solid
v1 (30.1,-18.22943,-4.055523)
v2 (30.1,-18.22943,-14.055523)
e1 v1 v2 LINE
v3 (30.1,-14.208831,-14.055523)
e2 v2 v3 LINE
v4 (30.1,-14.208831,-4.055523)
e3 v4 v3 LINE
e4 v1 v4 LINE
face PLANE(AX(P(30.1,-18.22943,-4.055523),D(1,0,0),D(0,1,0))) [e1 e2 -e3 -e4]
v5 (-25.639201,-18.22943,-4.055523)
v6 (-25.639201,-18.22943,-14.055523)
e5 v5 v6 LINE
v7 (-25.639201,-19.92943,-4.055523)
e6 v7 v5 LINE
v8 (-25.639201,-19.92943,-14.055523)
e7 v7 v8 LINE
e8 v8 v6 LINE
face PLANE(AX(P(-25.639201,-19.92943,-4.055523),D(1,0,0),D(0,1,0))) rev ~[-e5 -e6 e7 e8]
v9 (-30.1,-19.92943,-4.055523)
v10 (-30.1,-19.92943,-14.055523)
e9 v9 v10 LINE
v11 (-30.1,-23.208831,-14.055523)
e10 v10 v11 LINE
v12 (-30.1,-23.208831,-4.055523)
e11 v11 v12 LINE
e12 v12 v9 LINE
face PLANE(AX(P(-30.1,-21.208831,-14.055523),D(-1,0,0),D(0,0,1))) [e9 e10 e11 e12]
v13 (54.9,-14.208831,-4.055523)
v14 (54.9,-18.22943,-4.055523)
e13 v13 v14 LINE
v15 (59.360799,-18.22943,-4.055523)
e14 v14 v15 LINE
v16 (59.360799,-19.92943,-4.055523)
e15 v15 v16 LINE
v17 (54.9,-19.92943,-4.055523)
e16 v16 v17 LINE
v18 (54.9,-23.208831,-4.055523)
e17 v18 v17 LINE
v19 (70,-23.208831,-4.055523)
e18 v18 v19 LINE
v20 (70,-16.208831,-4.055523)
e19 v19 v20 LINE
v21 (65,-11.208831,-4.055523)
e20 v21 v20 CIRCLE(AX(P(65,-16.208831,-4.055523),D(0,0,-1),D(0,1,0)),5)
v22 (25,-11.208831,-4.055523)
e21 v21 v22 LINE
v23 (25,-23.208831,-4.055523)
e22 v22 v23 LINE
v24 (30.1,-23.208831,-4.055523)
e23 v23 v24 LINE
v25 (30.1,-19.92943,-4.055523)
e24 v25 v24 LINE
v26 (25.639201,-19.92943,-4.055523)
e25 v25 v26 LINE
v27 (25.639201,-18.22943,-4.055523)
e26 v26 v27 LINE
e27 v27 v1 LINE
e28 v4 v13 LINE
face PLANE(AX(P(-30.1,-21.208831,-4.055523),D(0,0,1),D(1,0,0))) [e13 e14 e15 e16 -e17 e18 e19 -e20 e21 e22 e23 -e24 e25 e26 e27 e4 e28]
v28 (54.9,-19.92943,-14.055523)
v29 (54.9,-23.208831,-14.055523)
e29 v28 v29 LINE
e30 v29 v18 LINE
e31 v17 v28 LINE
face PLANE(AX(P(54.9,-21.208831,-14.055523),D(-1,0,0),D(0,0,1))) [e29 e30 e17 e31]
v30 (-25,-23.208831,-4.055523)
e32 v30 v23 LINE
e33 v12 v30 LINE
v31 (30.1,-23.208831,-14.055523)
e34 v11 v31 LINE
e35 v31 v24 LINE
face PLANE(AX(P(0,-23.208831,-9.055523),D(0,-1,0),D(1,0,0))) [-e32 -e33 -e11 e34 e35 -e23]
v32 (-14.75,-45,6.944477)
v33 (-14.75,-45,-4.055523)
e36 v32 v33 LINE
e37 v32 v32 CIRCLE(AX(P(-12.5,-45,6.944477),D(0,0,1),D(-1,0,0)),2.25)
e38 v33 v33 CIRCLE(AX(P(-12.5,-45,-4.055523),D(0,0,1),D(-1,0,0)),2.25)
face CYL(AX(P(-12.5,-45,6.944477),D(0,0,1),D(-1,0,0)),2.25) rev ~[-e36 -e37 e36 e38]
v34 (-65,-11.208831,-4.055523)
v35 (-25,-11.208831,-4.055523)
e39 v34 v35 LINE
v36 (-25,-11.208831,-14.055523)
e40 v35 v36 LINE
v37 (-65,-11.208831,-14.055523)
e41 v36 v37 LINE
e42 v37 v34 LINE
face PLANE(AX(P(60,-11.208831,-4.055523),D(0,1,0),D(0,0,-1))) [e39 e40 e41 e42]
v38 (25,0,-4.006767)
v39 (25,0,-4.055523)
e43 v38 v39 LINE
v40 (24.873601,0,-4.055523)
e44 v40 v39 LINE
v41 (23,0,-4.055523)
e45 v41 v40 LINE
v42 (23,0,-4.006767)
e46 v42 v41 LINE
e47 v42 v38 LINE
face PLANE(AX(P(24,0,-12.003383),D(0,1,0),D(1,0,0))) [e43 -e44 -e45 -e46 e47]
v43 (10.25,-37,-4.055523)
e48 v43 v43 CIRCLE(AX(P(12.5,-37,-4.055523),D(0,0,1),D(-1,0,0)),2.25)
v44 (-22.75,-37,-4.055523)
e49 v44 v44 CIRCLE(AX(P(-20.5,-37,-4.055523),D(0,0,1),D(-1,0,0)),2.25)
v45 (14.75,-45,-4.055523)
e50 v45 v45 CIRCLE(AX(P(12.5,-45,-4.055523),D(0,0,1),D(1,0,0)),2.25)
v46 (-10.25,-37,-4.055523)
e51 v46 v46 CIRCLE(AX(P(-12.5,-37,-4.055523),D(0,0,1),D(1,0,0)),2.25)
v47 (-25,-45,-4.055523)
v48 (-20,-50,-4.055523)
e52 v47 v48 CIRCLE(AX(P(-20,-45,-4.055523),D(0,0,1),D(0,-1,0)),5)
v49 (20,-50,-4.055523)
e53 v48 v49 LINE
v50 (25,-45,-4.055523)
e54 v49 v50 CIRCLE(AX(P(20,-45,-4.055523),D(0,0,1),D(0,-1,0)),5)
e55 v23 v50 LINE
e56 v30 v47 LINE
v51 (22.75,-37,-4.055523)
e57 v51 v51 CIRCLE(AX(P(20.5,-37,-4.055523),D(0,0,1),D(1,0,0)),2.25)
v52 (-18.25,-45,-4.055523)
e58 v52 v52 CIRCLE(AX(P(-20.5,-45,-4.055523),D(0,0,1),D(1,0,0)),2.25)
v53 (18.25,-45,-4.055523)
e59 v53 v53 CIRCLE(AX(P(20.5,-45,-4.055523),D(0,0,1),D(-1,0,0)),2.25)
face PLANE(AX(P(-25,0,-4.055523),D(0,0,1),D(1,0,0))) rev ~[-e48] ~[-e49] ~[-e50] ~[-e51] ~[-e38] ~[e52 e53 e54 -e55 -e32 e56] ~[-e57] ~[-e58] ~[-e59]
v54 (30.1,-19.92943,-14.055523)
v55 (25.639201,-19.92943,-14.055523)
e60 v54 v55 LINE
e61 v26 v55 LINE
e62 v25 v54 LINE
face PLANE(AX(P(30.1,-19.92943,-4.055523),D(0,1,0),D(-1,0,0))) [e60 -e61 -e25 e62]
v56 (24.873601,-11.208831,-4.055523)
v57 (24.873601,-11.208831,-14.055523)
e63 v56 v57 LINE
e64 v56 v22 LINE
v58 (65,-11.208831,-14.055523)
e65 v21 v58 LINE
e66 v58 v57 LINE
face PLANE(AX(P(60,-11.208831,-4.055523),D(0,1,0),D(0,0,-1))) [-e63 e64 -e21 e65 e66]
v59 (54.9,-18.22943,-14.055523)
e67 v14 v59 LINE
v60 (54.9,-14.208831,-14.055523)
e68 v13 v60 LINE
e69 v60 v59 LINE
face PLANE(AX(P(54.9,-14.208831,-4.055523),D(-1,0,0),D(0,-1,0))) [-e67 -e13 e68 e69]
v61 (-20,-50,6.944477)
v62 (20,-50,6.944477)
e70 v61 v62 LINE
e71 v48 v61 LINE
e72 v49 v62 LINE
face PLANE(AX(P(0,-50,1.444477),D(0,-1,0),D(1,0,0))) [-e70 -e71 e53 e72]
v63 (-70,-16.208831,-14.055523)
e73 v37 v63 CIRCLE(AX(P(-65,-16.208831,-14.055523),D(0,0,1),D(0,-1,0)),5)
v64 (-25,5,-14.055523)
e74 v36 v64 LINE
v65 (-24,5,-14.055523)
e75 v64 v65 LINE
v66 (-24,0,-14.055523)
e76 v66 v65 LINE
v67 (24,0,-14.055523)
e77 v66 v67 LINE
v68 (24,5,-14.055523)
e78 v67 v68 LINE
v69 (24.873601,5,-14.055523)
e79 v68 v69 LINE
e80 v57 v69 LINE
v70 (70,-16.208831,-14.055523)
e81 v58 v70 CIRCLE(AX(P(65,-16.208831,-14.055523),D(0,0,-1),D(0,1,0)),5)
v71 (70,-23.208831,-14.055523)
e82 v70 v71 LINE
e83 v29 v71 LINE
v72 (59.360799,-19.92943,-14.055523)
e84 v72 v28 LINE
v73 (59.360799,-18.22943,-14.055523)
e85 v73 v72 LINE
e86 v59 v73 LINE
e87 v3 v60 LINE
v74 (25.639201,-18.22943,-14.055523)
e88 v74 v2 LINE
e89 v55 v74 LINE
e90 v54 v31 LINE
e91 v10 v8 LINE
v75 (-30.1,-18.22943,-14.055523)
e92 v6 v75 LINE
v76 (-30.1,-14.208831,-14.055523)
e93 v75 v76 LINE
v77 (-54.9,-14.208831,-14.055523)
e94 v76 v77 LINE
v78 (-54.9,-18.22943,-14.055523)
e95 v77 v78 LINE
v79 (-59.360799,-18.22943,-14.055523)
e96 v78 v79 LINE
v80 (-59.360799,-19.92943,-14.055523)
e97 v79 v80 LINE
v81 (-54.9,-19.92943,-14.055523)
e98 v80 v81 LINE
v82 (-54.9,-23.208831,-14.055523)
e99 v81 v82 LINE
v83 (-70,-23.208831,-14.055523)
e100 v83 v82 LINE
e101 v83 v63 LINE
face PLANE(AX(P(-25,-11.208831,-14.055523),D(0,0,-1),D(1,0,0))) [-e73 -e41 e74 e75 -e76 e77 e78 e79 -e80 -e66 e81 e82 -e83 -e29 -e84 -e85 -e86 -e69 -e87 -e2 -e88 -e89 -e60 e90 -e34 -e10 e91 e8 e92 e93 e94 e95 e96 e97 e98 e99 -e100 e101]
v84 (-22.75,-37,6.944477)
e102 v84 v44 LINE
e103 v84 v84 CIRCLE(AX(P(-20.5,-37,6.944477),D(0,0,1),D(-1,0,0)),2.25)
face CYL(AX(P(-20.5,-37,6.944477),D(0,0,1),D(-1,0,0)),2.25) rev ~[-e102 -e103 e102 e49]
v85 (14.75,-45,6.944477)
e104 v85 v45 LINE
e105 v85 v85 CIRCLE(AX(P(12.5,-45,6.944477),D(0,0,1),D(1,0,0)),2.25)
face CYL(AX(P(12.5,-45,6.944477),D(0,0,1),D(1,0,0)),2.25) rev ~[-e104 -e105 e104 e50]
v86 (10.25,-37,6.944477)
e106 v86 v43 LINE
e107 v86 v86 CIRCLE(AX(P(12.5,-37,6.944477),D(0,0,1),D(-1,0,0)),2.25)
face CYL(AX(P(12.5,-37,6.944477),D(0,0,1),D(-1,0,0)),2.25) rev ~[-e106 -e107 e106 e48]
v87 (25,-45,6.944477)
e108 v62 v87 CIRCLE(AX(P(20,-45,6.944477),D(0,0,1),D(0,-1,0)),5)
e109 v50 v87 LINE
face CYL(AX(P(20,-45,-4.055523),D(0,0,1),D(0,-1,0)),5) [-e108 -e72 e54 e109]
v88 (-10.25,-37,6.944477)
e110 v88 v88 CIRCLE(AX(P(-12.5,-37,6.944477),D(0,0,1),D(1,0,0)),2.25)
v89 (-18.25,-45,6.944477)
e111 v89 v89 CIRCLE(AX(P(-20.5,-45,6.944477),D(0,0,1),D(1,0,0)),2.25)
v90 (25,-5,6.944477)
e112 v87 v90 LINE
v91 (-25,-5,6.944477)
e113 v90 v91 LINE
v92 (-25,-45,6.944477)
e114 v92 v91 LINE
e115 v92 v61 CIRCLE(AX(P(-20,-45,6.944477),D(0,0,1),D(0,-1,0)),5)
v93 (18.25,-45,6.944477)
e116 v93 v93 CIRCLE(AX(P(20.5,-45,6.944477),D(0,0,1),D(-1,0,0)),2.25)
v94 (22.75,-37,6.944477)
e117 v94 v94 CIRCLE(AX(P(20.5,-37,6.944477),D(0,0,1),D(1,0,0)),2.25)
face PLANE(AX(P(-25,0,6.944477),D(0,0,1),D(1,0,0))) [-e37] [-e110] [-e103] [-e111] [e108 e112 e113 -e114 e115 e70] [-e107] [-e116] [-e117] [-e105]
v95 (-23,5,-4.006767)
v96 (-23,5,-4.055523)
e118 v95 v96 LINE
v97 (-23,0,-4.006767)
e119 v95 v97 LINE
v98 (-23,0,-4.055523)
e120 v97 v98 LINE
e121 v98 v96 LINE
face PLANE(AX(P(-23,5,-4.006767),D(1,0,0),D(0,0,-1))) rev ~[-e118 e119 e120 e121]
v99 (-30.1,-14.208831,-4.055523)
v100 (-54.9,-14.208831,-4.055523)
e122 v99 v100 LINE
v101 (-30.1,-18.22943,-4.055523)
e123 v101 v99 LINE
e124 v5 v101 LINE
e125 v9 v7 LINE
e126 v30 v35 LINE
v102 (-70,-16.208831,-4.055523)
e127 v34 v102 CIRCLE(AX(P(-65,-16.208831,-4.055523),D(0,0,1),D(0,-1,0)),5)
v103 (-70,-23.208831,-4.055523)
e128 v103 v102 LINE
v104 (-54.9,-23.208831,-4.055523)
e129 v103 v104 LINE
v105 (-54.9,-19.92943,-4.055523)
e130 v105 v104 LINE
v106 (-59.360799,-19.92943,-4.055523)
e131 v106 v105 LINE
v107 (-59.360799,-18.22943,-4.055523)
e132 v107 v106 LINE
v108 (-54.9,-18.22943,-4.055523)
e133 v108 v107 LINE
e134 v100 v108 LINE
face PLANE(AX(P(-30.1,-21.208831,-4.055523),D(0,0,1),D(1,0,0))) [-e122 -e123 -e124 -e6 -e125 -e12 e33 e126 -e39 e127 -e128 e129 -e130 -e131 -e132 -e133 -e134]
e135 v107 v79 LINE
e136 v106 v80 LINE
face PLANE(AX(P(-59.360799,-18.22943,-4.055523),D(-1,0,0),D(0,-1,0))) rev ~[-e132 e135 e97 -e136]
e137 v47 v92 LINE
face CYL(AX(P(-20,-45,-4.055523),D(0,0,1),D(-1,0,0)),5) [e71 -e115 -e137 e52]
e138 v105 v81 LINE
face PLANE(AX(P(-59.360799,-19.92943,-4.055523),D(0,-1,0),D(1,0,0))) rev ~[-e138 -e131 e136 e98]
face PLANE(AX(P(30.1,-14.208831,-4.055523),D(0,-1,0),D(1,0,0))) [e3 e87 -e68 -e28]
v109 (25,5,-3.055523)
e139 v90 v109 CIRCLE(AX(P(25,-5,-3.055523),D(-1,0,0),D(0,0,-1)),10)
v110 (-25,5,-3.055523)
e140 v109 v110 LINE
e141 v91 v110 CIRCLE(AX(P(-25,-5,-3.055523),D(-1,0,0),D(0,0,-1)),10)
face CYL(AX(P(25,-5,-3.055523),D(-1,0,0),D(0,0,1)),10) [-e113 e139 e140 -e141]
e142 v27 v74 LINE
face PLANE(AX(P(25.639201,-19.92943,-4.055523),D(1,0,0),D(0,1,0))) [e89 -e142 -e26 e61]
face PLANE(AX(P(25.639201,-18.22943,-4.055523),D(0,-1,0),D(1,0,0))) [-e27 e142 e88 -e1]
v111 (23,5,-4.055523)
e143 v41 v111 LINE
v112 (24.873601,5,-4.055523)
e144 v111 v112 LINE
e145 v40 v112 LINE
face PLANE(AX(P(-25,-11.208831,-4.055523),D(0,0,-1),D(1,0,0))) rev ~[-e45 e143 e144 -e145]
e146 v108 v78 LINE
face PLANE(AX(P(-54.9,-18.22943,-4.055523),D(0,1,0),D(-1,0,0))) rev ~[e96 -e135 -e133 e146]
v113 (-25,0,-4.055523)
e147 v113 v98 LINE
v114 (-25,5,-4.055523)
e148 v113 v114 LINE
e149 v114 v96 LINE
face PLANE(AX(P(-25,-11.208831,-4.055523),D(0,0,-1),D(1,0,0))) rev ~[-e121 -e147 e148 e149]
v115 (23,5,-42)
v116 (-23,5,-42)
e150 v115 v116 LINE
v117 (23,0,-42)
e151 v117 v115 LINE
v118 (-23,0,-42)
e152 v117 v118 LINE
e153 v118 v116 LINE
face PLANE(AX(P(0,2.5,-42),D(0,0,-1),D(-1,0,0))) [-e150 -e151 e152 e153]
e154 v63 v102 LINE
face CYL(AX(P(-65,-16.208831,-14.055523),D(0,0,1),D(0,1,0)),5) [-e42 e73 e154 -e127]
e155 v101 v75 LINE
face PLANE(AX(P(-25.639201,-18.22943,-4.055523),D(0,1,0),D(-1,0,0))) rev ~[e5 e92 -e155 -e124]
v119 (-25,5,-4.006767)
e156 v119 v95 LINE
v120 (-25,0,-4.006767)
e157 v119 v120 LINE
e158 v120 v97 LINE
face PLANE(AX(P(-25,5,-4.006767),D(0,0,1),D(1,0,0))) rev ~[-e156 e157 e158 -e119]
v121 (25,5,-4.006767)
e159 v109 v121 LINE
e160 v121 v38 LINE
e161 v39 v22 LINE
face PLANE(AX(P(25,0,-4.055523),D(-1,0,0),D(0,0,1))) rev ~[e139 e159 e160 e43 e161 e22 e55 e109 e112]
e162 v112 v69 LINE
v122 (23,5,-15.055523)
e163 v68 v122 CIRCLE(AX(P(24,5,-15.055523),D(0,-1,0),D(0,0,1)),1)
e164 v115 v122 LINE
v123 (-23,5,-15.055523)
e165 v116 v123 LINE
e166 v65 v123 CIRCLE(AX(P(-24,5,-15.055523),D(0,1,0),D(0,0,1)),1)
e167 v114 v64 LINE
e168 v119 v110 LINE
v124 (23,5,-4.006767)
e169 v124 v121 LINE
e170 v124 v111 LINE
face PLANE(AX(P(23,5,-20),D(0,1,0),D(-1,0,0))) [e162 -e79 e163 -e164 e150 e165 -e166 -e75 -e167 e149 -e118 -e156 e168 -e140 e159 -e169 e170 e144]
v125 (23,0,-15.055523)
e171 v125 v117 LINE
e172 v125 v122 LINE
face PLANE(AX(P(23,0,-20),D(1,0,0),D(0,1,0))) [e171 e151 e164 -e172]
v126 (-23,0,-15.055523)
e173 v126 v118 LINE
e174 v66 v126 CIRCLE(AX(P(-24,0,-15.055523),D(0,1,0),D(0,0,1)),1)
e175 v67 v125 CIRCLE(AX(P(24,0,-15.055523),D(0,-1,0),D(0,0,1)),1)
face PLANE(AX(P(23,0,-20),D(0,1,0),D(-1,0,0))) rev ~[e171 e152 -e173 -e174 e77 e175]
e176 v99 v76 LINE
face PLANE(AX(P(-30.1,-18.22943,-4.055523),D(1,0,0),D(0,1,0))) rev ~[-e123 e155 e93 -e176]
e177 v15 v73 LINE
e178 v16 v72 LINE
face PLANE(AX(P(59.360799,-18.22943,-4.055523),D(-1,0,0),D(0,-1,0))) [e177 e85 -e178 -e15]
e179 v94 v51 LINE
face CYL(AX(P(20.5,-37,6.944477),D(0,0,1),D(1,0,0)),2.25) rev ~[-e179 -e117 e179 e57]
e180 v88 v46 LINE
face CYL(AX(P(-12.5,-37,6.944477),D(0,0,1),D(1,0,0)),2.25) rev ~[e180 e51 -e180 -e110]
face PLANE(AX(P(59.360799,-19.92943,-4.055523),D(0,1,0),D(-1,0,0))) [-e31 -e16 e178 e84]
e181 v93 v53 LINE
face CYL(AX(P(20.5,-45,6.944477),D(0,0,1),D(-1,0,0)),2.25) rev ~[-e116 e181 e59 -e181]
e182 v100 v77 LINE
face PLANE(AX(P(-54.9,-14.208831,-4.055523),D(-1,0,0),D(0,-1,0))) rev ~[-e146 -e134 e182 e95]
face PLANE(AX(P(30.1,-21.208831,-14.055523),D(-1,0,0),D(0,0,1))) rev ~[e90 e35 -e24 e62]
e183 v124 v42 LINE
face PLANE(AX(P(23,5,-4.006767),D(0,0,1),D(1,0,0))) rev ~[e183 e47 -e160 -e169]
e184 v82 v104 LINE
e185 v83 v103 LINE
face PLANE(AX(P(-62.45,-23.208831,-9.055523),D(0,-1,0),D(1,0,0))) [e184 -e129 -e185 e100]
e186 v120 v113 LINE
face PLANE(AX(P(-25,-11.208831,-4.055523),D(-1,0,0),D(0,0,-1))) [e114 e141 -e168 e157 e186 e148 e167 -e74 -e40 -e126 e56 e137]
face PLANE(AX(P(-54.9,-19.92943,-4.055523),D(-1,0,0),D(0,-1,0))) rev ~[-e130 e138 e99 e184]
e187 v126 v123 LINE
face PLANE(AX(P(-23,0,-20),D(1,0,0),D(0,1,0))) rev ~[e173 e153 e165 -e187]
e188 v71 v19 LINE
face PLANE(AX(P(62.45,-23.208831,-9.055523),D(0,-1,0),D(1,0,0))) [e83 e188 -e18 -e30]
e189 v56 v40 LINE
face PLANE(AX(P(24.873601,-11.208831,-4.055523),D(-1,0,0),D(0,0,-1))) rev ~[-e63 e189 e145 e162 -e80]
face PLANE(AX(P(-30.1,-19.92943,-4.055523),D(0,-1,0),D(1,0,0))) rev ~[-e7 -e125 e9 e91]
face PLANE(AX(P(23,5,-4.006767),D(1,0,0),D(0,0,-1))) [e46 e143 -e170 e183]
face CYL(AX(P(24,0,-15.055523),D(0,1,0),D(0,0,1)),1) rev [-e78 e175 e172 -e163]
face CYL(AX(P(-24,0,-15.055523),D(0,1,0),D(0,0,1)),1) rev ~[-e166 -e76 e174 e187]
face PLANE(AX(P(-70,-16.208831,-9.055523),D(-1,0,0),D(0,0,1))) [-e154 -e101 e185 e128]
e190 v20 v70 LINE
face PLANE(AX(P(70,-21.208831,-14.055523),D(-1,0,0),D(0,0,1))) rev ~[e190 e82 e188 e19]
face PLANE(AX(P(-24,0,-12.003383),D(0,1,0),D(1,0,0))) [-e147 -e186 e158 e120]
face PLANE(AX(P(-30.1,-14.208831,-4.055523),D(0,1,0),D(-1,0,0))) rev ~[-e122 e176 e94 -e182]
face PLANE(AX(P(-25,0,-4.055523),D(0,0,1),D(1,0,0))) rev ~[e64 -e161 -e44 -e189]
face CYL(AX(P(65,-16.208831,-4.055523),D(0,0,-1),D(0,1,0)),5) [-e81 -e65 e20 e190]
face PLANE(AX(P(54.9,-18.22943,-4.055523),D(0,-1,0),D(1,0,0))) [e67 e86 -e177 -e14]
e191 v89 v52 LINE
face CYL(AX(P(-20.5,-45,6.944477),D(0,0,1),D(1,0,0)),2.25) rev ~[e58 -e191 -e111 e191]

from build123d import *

# Parameters (mm, degrees)
BOSS_EXTRUDE5_DEPTH  = 5
SKETCH3_W            = 50
SKETCH3_H            = 11
BOSS_EXTRUDE6_DEPTH  = 50
SKETCH5_R            = 2.25
CUT_EXTRUDE1_DEPTH   = 11
BOSS_EXTRUDE8_DEPTH  = 10
CUT_EXTRUDE2_DEPTH   = 10
SKETCH8_W            = 2
SKETCH8_H            = 15.993233409
CUT_EXTRUDE3_DEPTH   = 5
SKETCH9_W            = 10
SKETCH9_H            = 10
BOSS_EXTRUDE9_DEPTH  = 10
SKETCH10_W           = 10
SKETCH10_H           = 10
BOSS_EXTRUDE10_DEPTH = 10
FILLET1_R            = 10
FILLET2_R            = 5
SKETCH11_W           = 15.1
SKETCH11_H           = 10
BOSS_EXTRUDE11_DEPTH = 2
SKETCH12_W           = 60.2
SKETCH12_H           = 10
BOSS_EXTRUDE12_DEPTH = 2
BOSS_EXTRUDE14_REACH = 84.491
SKETCH14_W           = 49.873600962
SKETCH14_H           = 10
FILLET3_R            = 1
SKETCH15_W           = 46
SKETCH15_H           = 5
BOSS_EXTRUDE15_DEPTH = 22


with BuildPart() as part:
    # Sketch1 → Boss-Extrude5 (new body)
    with BuildSketch(Plane(origin=(0, 0, 0), x_dir=(1, 0, 0), z_dir=(0, 1, 0))):
        Polygon((-25, 20), (25, 20), (25, 0), (25, -6.94447706), (-25, -6.94447706), (-25, 0.55552294), align=None)
    extrude(amount=BOSS_EXTRUDE5_DEPTH)

    # Sketch3 → Boss-Extrude6 (add)
    with BuildSketch(Plane.XZ):
        with Locations((0, 1.44447706)):
            Rectangle(SKETCH3_W, SKETCH3_H)
    extrude(amount=BOSS_EXTRUDE6_DEPTH)

    # Sketch5 → Cut-Extrude1 (cut)
    with BuildSketch(Plane.XY.offset(6.94447706)):
        with Locations((-20.5, -45)):
            Circle(SKETCH5_R)
        with Locations(Location((-20.5, -37, 0), (0, 0, 180))):
            Circle(SKETCH5_R)
        with Locations(Location((-12.5, -45, 0), (0, 0, 180))):
            Circle(SKETCH5_R)
        with Locations((-12.5, -37)):
            Circle(SKETCH5_R)
        with Locations((12.5, -45)):
            Circle(SKETCH5_R)
        with Locations(Location((20.5, -45, 0), (0, 0, 180))):
            Circle(SKETCH5_R)
        with Locations(Location((12.5, -37, 0), (0, 0, 180))):
            Circle(SKETCH5_R)
        with Locations((20.5, -37)):
            Circle(SKETCH5_R)
    extrude(amount=-CUT_EXTRUDE1_DEPTH, mode=Mode.SUBTRACT)

    # Sketch6 → Boss-Extrude8 (add)
    with BuildSketch(Plane(origin=(0, 0, -4.05552294), x_dir=(-1, 0, 0), z_dir=(0, 0, -1))):
        Polygon((-25, -11.208830651), (25, -11.208830651), (60, -11.208830651), (60, -21.208830651), (25, -21.208830651), (-25, -21.208830651), (-60, -21.208830651), (-60, -11.208830651), align=None)
    extrude(amount=BOSS_EXTRUDE8_DEPTH)

    # Sketch7 → Cut-Extrude2 (cut)
    with BuildSketch(Plane.XY.offset(-4.05552294)):
        Polygon((30.1, -21.208830651), (30.1, -19.929430473), (25.639200757, -19.929430473), (25.639200757, -18.229430473), (30.1, -18.229430473), (30.1, -14.208830651), (54.9, -14.208830651), (54.9, -18.229430473), (59.360799243, -18.229430473), (59.360799243, -19.929430473), (54.9, -19.929430473), (54.9, -21.208830651), align=None)
        Polygon((-25.639200757, -19.929430473), (-25.639200757, -18.229430473), (-30.1, -18.229430473), (-30.1, -14.208830651), (-54.9, -14.208830651), (-54.9, -18.229430473), (-59.360799243, -18.229430473), (-59.360799243, -19.929430473), (-54.9, -19.929430473), (-54.9, -21.208830651), (-30.1, -21.208830651), (-30.1, -19.929430473), align=None)
    extrude(amount=-CUT_EXTRUDE2_DEPTH, mode=Mode.SUBTRACT)

    # Sketch8 → Cut-Extrude3 (cut)
    with BuildSketch(Plane(origin=(0, 5, 0), x_dir=(1, 0, 0), z_dir=(0, 1, 0))):
        with Locations((-24, 12.003383296)):
            Rectangle(SKETCH8_W, SKETCH8_H)
        with Locations((24, 12.003383296)):
            Rectangle(SKETCH8_W, SKETCH8_H)
    extrude(amount=-CUT_EXTRUDE3_DEPTH, mode=Mode.SUBTRACT)

    # Sketch9 → Boss-Extrude9 (add)
    with BuildSketch(Plane.ZY.offset(60)):
        with Locations((-9.05552294, -16.208830651)):
            Rectangle(SKETCH9_W, SKETCH9_H)
    extrude(amount=BOSS_EXTRUDE9_DEPTH)

    # Sketch10 → Boss-Extrude10 (add)
    with BuildSketch(Plane(origin=(60, 0, 0), x_dir=(0, 0, -1), z_dir=(1, 0, 0))):
        with Locations((9.05552294, -16.208830651)):
            Rectangle(SKETCH10_W, SKETCH10_H)
    extrude(amount=BOSS_EXTRUDE10_DEPTH)

    # Fillet1
    fillet1_edges = [part.edges().sort_by_distance(p)[0] for p in [
        (0, 5, 6.94447706),
    ]]
    fillet(fillet1_edges, radius=FILLET1_R)

    # Fillet2
    fillet2_edges = [part.edges().sort_by_distance(p)[0] for p in [
        (-70, -11.208830651, -9.05552294),
        (70, -11.208830651, -9.05552294),
        (-25, -50, 1.44447706),
        (25, -50, 1.44447706),
    ]]
    fillet(fillet2_edges, radius=FILLET2_R)

    # Sketch11 → Boss-Extrude11 (add)
    with BuildSketch(Plane.XZ.offset(21.208830651)):
        with Locations((62.45, -9.05552294)):
            Rectangle(SKETCH11_W, SKETCH11_H)
        with Locations((-62.45, -9.05552294)):
            Rectangle(SKETCH11_W, SKETCH11_H)
    extrude(amount=BOSS_EXTRUDE11_DEPTH)

    # Sketch12 → Boss-Extrude12 (add)
    with BuildSketch(Plane.XZ.offset(21.208830651)):
        with Locations((0, -9.05552294)):
            Rectangle(SKETCH12_W, SKETCH12_H)
    extrude(amount=BOSS_EXTRUDE12_DEPTH)

    # Boss-Extrude14: up to this face of the body (flat: up to its plane)
    boss_extrude14_end = Plane(part.part.faces().sort_by_distance((0, 5, -11.488914502))[0])
    # Sketch14 → Boss-Extrude14 (add, up to the picked face)
    with BuildSketch(Plane(origin=(0, -11.208830651, 0), x_dir=(1, 0, 0), z_dir=(0, 1, 0)), mode=Mode.PRIVATE) as boss_extrude14_sk1:
        with Locations((-0.063199519, 9.05552294)):
            Rectangle(SKETCH14_W, SKETCH14_H)
    boss_extrude14_tool1 = split(extrude(boss_extrude14_sk1.sketch, amount=BOSS_EXTRUDE14_REACH, mode=Mode.PRIVATE), bisect_by=boss_extrude14_end, keep=Keep.BOTH, mode=Mode.PRIVATE)
    add(boss_extrude14_tool1.solids().sort_by(Axis((-0.0632, -11.208831, -9.055523), (0, 1, 0)))[0])

    # Fillet3
    fillet3_edges = [part.edges().sort_by_distance(p)[0] for p in [
        (-23, 2.5, -14.05552294),
        (23, 2.5, -14.05552294),
    ]]
    fillet(fillet3_edges, radius=FILLET3_R)

    # Sketch15 → Boss-Extrude15 (add)
    with BuildSketch(Plane(origin=(0, 0, -20), x_dir=(-1, 0, 0), z_dir=(0, 0, -1))):
        with Locations((0, 2.5)):
            Rectangle(SKETCH15_W, SKETCH15_H)
    extrude(amount=BOSS_EXTRUDE15_DEPTH)


solid = part.part
